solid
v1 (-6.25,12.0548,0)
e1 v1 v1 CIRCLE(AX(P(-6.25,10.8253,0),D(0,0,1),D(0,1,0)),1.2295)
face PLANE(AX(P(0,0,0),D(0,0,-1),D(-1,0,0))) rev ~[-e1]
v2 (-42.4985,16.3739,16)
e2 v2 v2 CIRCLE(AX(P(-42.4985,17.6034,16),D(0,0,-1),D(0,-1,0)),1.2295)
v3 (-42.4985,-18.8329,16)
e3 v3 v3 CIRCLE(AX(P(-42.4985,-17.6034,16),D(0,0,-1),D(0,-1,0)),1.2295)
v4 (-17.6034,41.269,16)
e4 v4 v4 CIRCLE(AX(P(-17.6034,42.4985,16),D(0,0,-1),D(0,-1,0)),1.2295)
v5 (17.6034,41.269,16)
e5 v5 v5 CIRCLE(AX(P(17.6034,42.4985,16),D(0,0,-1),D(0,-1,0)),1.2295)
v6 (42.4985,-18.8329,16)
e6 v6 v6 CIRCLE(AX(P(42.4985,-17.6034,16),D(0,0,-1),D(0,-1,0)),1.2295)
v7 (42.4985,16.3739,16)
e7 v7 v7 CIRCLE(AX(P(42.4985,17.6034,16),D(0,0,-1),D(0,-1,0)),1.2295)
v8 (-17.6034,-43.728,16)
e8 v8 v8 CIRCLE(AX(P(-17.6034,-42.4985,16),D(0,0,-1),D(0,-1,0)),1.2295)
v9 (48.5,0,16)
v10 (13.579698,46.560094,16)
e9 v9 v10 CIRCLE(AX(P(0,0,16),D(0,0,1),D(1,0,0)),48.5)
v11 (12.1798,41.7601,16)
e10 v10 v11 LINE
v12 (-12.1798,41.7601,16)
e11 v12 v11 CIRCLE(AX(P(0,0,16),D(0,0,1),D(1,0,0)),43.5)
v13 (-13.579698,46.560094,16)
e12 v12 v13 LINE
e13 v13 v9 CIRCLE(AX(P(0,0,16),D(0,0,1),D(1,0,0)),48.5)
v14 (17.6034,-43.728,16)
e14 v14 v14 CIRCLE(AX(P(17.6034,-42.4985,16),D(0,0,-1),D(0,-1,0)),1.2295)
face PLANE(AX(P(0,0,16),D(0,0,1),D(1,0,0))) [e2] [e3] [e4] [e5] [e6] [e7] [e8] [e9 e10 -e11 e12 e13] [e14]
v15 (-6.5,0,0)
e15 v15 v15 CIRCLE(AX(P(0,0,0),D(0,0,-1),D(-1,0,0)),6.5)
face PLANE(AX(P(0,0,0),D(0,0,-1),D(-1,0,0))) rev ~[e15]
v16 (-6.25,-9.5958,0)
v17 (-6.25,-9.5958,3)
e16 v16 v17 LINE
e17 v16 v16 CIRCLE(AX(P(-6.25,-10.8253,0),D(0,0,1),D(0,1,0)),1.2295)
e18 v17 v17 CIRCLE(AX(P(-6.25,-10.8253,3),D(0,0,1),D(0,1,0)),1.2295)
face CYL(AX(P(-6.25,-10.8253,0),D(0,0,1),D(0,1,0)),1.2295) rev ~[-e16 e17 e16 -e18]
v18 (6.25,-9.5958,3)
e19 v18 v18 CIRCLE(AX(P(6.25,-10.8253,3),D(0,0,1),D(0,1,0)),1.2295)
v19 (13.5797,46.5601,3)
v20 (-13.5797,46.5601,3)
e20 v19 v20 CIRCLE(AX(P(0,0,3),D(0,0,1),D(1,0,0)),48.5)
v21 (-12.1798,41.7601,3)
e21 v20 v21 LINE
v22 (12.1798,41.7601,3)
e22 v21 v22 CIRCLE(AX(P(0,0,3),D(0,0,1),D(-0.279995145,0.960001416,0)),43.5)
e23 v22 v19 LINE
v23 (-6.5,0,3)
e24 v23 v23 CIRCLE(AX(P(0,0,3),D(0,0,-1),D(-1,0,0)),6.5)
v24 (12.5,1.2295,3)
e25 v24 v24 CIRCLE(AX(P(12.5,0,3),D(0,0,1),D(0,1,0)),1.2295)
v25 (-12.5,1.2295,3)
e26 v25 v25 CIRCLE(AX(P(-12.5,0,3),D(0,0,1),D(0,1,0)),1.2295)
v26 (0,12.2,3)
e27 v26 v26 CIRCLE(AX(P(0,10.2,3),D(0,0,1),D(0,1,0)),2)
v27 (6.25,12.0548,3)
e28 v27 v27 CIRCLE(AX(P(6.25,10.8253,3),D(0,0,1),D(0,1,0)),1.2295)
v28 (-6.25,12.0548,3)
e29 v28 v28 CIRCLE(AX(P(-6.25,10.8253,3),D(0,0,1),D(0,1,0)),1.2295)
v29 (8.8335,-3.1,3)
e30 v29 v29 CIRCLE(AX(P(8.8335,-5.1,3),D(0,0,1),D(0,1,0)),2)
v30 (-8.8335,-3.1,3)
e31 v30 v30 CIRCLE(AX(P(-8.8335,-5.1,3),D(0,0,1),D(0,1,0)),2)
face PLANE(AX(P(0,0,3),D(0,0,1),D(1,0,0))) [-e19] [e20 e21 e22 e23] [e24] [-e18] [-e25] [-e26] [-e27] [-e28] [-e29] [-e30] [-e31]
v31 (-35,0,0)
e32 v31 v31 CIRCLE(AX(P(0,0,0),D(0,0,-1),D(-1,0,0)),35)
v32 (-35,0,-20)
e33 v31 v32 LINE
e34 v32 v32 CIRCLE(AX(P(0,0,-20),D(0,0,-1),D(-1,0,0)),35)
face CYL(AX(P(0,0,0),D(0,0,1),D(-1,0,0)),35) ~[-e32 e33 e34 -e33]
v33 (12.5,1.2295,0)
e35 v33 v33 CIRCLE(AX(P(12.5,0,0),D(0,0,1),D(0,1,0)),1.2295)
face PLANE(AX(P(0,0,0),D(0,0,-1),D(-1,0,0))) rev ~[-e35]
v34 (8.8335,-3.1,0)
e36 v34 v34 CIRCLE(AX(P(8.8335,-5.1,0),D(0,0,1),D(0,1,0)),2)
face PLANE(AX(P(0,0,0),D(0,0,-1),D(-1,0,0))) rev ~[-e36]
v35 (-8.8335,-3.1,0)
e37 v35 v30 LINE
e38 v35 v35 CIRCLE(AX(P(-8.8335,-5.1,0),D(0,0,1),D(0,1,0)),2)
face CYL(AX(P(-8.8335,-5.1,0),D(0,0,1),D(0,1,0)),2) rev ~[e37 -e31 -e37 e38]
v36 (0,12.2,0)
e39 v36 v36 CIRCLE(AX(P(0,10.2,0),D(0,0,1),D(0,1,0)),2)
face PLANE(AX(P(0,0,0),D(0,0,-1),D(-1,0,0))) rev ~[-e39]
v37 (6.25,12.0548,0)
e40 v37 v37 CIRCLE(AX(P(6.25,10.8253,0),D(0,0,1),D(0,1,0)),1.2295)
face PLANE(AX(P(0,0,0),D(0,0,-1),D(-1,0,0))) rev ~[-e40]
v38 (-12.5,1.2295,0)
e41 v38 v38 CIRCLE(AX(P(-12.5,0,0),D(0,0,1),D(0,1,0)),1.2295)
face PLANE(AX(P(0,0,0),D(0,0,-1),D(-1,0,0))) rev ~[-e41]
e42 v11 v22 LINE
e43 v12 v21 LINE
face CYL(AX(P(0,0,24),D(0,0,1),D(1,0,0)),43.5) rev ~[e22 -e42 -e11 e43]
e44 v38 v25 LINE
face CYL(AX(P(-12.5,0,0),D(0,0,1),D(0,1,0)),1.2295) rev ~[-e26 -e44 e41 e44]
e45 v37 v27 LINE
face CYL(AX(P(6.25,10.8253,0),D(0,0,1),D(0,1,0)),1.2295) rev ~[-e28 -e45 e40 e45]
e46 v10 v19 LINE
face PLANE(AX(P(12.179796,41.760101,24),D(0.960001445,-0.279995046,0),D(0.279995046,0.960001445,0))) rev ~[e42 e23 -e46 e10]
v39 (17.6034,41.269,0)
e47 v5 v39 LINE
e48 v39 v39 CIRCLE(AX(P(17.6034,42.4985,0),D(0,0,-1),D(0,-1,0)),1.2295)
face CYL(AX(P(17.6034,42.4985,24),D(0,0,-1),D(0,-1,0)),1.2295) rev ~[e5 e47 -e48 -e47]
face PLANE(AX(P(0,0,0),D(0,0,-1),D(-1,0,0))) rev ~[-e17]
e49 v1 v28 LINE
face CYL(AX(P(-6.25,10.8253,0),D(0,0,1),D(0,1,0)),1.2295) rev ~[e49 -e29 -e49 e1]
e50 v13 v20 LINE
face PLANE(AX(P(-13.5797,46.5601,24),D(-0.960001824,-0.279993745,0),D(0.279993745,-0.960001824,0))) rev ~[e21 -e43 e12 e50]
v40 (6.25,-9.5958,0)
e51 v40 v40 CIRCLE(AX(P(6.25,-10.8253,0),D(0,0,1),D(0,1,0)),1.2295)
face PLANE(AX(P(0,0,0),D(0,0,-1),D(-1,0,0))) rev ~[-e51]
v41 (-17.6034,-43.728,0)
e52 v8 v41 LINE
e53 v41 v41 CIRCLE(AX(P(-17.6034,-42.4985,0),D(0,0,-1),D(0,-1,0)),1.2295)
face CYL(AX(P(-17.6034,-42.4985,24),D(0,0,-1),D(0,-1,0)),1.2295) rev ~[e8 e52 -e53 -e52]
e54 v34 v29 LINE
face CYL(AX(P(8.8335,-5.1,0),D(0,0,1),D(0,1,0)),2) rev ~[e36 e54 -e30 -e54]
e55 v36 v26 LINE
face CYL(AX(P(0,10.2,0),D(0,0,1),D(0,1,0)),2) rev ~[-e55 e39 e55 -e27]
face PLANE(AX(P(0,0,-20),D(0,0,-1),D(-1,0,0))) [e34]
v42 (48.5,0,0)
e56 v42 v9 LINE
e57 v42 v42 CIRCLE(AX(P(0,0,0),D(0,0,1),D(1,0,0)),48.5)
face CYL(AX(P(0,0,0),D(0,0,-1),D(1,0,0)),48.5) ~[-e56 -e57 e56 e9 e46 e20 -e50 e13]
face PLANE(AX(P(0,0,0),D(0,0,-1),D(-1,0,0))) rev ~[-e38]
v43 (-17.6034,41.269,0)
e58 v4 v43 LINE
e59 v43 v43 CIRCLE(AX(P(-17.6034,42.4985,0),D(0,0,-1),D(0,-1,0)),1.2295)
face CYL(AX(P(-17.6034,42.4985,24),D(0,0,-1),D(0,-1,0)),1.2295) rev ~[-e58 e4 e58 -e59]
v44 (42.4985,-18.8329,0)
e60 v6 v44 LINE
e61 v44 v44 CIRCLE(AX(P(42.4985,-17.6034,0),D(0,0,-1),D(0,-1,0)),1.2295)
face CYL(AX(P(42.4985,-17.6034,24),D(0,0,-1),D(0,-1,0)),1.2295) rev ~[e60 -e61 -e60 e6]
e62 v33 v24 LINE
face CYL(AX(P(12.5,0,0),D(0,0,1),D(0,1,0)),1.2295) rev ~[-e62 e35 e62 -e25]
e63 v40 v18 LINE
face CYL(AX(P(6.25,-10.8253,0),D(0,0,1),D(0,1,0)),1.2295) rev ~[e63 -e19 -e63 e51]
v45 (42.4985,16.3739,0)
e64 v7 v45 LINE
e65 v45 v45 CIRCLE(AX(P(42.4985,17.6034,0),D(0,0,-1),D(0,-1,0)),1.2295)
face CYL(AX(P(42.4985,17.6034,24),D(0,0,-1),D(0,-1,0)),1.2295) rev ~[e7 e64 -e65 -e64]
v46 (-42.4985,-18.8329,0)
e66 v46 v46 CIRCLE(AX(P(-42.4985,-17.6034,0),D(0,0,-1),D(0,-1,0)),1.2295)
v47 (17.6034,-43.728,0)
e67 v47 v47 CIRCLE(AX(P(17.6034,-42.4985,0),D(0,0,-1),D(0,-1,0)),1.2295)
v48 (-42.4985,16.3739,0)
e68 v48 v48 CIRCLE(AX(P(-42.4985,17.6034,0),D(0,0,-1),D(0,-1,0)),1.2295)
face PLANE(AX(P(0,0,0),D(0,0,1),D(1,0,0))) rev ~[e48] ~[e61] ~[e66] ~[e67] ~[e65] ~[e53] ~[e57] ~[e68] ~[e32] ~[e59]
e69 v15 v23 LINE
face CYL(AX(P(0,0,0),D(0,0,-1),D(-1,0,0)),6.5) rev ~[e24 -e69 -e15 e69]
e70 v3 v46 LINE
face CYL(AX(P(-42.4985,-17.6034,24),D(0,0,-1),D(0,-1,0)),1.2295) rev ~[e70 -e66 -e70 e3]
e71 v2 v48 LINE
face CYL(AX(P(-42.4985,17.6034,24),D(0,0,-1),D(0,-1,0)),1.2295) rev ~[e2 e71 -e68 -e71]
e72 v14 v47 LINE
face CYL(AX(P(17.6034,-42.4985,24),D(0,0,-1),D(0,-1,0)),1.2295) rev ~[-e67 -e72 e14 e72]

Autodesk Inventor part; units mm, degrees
ref_plane "YZ Plane" through (0, 0, 0) normal (1, 0, 0) x (0, 1, 0)
ref_plane "XZ Plane" through (0, 0, 0) normal (0, 1, 0) x (-1, 0, 0)
ref_plane "XY Plane" through (0, 0, 0) normal (0, 0, 1) x (1, 0, 0)
sketch "スケッチ1" plane through (0, 0, 0) normal (0, 0, 1) x (1, 0, 0)
  circle A0 centre (0, 0) radius 48.5
  dimension "d0" = 97
extrude "押し出し1" add sketch "スケッチ1" along normal blind 24
sketch "スケッチ2" plane through (0, 0, 24) normal (0, 0, 1) x (1, 0, 0)
  line L0 (0, 0) -> (-27.4547, 66.2816)
  line L1 (0, 0) -> (26.2443, 63.3594)
  circle A0 centre (0, 0) radius 46
  line L2 (0, 0) -> (0, 57.2216)
  point P0 (-17.6034, 42.4985)
  point P1 (17.6034, 42.4985)
  point P2 (-42.4985, -17.6034)
  point P3 (-42.4985, 17.6034)
  point P4 (17.6034, -42.4985)
  point P5 (-17.6034, -42.4985)
  point P6 (42.4985, 17.6034)
  point P7 (42.4985, -17.6034)
  dimension "d3" = 92
  dimension "d4" = 45
  dimension "d8" = 360
  dimension "d45" = 22.5
hole "穴1" at (-17.6034, 42.4985, 24) at (17.6034, 42.4985, 24) at (-42.4985, -17.6034, 24) at (-42.4985, 17.6034, 24) at (17.6034, -42.4985, 24) at (-17.6034, -42.4985, 24) at (42.4985, 17.6034, 24) at (42.4985, -17.6034, 24) direction (0, 0, -1) diameter 2.459 end through all
sketch "スケッチ3" plane through (0, 0, 0) normal (0, 0, -1) x (-1, 0, 0)
  circle A0 centre (0, 0) radius 12.5
  line L0 (0, 0) -> (-8.9989, 15.5865)
  line L1 (0, 0) -> (0, 21.1985)
  point P0 (-6.25, 10.8253)
  point P1 (-12.5, 0)
  point P2 (-6.25, -10.8253)
  point P3 (6.25, -10.8253)
  point P4 (12.5, 0)
  point P5 (6.25, 10.8253)
  dimension "d17" = 25
  dimension "d18" = 30
  dimension "d21" = 360
hole "穴2" at (6.25, 10.8253, 0) at (12.5, 0, 0) at (6.25, -10.8253, 0) at (-6.25, -10.8253, 0) at (-12.5, 0, 0) at (-6.25, 10.8253, 0) direction (0, 0, 1) diameter 2.459 end through all
sketch "スケッチ4" plane through (0, 0, 0) normal (0, 0, -1) x (-1, 0, 0)
  circle A0 centre (0, 0) radius 10.2
  point P0 (0, 10.2)
  point P1 (0, 10.2)
  point P2 (-8.8335, -5.1)
  point P3 (8.8335, -5.1)
  dimension "d30" = 20.4
  dimension "d33" = 360
hole "穴3" at (0, 10.2, 0) at (8.8335, -5.1, 0) at (-8.8335, -5.1, 0) direction (0, 0, 1) diameter 4 end through all
sketch "スケッチ5" plane through (0, 0, 24) normal (0, 0, 1) x (1, 0, 0)
  circle A0 centre (0, 0) radius 43.5
  dimension "d42" = 87
extrude "押し出し2" cut sketch "スケッチ5" against normal blind 21
sketch "スケッチ6" plane through (0, 0, 24) normal (0, 0, 1) x (1, 0, 0)
  circle A0 centre (0, 0) radius 48.5 projected
  circle A1 centre (0, 0) radius 43.5 projected
  line L0 (-13.5797, 46.5601) -> (0, 0)
  line L1 (0, 0) -> (13.6731, 46.8801)
  circle A2 centre (-17.6034, 42.4985) radius 1.2295 projected
  circle A3 centre (17.6034, 42.4985) radius 1.2295 projected
  arc A4 (13.5797, 46.5601) -> (-13.5797, 46.5601) centre (0, 0) ccw
  arc A5 (12.1798, 41.7601) -> (-12.1798, 41.7601) centre (0, 0) ccw
  dimension "d46" = 5
  dimension "d47" = 5
extrude "押し出し3" cut sketch "スケッチ6" against normal blind 21 contours L1 A1 L0 A0 picked at (-1.3696, 46.624)
sketch "スケッチ7" plane through (0, 0, 0) normal (0, 0, -1) x (-1, 0, 0)
  circle A0 centre (0, 0) radius 6.5
  dimension "d50" = 13
extrude "押し出し4" cut sketch "スケッチ7" against normal blind 10
sketch "スケッチ8" plane through (0, 0, 24) normal (0, 0, 1) x (1, 0, 0)
  circle A0 centre (0, 0) radius 48.5
extrude "押し出し5" cut sketch "スケッチ8" against normal blind 8
sketch "スケッチ9" plane through (0, 0, 0) normal (0, 0, -1) x (-1, 0, 0)
  circle A0 centre (0, 0) radius 35
  dimension "d55" = 70
extrude "押し出し6" add sketch "スケッチ9" along normal blind 20
sketch "スケッチ10" plane through (0, 0, 3) normal (0, 0, 1) x (1, 0, 0)
  point P0 (0, 0)
properties part number "legparts_01(five)"
